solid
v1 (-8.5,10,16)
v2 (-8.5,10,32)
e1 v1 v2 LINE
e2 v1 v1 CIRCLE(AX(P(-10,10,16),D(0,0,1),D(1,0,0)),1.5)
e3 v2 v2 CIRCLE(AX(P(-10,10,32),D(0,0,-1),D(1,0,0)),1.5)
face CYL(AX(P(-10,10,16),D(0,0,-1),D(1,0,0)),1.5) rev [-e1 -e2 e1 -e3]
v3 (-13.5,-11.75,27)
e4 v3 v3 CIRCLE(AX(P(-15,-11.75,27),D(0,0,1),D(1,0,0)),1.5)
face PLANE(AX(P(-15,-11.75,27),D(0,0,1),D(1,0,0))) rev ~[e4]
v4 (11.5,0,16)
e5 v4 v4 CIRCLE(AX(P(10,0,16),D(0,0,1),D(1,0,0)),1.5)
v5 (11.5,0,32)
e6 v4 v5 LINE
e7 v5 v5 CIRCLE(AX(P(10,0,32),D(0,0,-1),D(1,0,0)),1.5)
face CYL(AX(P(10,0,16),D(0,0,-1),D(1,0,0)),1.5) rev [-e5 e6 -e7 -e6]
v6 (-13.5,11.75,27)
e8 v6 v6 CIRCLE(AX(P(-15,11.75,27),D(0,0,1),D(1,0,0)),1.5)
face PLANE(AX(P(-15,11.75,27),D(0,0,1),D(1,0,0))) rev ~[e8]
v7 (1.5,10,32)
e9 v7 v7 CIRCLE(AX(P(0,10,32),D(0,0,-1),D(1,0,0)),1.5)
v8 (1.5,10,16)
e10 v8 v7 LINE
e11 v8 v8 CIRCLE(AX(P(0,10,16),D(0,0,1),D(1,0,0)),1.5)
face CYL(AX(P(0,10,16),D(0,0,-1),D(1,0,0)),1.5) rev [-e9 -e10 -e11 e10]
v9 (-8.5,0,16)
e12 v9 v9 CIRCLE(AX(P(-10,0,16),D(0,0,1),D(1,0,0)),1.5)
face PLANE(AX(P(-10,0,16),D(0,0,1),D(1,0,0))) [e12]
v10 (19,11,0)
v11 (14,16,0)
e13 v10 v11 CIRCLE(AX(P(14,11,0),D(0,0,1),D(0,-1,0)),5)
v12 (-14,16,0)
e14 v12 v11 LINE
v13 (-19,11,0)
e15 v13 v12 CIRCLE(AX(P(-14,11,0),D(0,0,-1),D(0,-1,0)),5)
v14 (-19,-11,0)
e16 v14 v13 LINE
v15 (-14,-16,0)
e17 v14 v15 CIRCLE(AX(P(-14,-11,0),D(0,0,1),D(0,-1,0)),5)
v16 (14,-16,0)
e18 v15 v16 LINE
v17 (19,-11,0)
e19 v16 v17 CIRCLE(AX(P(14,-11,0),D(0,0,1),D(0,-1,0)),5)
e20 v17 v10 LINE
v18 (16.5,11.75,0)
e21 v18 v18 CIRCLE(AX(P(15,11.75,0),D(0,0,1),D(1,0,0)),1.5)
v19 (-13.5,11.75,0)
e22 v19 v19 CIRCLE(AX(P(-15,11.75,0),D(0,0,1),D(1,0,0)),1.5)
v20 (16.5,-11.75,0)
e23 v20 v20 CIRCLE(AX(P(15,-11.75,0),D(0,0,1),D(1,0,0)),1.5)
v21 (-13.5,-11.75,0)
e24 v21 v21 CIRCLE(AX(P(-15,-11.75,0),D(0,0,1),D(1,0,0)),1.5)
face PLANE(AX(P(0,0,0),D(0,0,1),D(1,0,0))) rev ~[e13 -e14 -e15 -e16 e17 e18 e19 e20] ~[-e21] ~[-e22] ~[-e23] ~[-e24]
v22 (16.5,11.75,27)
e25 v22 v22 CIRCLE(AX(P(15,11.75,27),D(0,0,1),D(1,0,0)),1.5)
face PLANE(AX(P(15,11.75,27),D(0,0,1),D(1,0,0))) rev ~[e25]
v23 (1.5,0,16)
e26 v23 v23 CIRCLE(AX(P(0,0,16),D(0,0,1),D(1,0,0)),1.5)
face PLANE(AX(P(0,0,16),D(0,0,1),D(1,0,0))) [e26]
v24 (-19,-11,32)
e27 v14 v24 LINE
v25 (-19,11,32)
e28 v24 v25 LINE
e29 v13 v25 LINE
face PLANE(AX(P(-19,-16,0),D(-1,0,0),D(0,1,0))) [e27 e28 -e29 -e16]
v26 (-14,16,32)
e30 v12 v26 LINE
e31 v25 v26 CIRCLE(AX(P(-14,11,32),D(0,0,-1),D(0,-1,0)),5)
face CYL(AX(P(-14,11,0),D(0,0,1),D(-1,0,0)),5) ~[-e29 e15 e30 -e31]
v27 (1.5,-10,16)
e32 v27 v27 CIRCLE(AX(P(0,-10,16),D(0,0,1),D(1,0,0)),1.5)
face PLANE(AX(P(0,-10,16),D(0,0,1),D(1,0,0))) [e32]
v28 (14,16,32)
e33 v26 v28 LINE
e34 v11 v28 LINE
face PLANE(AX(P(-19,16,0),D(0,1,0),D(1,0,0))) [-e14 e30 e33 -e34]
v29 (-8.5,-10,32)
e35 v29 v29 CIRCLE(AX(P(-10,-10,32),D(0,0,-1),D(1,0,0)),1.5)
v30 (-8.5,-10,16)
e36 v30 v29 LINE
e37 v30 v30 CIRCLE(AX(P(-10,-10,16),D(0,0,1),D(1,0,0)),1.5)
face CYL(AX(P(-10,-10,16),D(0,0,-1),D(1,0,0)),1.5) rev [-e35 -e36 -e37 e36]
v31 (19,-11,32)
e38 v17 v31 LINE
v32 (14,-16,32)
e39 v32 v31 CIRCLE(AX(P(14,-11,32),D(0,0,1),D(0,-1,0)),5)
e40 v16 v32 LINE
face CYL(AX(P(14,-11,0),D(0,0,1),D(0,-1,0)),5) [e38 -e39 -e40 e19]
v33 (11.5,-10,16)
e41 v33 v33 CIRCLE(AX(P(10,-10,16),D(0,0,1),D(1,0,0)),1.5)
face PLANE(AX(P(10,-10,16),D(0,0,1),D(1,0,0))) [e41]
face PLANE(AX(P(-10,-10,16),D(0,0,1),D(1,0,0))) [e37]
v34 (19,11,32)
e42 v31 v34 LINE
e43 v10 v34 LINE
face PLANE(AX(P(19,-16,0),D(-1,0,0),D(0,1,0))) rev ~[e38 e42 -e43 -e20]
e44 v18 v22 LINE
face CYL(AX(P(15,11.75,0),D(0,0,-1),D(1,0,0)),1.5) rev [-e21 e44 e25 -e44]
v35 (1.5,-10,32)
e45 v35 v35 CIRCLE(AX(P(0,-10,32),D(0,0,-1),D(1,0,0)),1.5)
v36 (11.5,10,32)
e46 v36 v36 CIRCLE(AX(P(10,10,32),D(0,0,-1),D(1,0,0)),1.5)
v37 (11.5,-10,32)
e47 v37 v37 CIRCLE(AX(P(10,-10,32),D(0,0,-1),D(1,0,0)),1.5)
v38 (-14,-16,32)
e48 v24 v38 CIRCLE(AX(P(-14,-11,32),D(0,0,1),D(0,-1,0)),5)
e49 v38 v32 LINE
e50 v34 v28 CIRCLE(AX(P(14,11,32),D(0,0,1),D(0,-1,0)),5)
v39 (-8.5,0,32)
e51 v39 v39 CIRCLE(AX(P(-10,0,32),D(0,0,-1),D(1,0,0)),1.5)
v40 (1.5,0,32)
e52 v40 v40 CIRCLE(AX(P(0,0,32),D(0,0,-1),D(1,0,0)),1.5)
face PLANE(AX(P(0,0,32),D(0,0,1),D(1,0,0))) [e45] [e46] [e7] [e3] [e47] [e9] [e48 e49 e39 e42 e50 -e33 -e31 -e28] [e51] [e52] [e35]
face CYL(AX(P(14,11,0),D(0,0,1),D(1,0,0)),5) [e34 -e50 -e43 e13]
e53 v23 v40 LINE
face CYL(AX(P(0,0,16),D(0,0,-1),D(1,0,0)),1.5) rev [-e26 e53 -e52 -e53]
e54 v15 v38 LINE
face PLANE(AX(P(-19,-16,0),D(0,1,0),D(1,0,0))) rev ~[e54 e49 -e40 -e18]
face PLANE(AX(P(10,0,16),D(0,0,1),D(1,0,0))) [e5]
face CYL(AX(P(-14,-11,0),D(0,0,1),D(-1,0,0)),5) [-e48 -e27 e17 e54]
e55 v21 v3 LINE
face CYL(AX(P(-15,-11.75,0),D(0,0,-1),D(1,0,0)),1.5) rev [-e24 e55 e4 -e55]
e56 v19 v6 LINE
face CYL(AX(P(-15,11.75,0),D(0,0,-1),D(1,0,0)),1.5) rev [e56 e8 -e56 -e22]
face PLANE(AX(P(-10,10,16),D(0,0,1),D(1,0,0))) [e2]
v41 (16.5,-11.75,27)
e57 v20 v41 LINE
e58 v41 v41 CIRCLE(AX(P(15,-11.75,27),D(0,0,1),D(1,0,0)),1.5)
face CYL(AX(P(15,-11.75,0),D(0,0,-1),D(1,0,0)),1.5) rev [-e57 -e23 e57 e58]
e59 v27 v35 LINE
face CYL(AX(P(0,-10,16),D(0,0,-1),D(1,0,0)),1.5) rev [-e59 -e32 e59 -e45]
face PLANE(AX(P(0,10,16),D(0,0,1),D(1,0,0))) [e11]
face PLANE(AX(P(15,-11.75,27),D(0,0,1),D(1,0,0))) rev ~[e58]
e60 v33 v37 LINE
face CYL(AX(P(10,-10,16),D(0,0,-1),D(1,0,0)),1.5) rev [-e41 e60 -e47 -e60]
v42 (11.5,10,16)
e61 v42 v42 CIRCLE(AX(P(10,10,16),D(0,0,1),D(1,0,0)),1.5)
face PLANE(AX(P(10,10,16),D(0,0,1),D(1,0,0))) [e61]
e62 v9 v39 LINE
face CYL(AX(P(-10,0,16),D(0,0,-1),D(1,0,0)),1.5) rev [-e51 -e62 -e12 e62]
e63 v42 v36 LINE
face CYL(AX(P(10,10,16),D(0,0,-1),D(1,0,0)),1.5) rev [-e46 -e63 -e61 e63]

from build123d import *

# Parameters (mm, degrees)
CYLINDER011_R     = 1.5
CYLINDER011_DEPTH = 27
ARRAY004_X_COUNT  = 2
ARRAY004_X_PITCH  = 30
ARRAY004_Y_COUNT  = 2
ARRAY004_Y_PITCH  = 23.5
ARRAY003_X_COUNT  = 3
ARRAY003_X_PITCH  = 10
ARRAY003_Y_COUNT  = 3
ARRAY003_Y_PITCH  = 10
BOX008_W          = 38
BOX008_H          = 32
BOX008_DEPTH      = 32
FILLET005_R       = 5


with BuildPart() as coaster_screw_hole:
    # Cylinder011 → Cylinder011 (new body)
    with BuildSketch(Plane.XY):
        Circle(CYLINDER011_R)
    extrude(amount=CYLINDER011_DEPTH)


with BuildPart() as coaster_holder_bottom_hole_array:
    # Array004 base: copy of coaster screw hole
    add(coaster_screw_hole.part)

    # Array004 X: coaster holder bottom hole array ×2


with BuildPart() as coaster_holder_bottom_hole_array_1:
    add(coaster_holder_bottom_hole_array.part)
    with Locations(*[(i * ARRAY004_X_PITCH, 0, 0) for i in range(1, ARRAY004_X_COUNT)]):
        add(coaster_holder_bottom_hole_array.part)

    # Array004 Y: coaster holder bottom hole array ×2


with BuildPart() as coaster_holder_bottom_hole_array_2:
    add(coaster_holder_bottom_hole_array_1.part)
    with Locations(*[(0, i * ARRAY004_Y_PITCH, 0) for i in range(1, ARRAY004_Y_COUNT)]):
        add(coaster_holder_bottom_hole_array_1.part)


with BuildPart() as coaster_holder_bottom_hole_array_3:
    # Array004 placement: moved
    add(coaster_holder_bottom_hole_array_2.part.moved(Location((-15, -11.75, 0))))


with BuildPart() as coaster_hole_fusion:
    # Array003 base: copy of coaster screw hole
    add(coaster_screw_hole.part)

    # Array003 X: coaster hole fusion ×3


with BuildPart() as coaster_hole_fusion_1:
    add(coaster_hole_fusion.part)
    with Locations(*[(i * ARRAY003_X_PITCH, 0, 0) for i in range(1, ARRAY003_X_COUNT)]):
        add(coaster_hole_fusion.part)

    # Array003 Y: coaster hole fusion ×3


with BuildPart() as coaster_hole_fusion_2:
    add(coaster_hole_fusion_1.part)
    with Locations(*[(0, i * ARRAY003_Y_PITCH, 0) for i in range(1, ARRAY003_Y_COUNT)]):
        add(coaster_hole_fusion_1.part)


with BuildPart() as coaster_hole_fusion_3:
    # Array003 placement: moved
    add(coaster_hole_fusion_2.part.moved(Location((-10, -10, 16))))

    # Fusion011: union coaster holder bottom hole array
    add(coaster_holder_bottom_hole_array_3.part)


with BuildPart() as coaster_holder_cut:
    # Box008 → Box008 (new body)
    with BuildSketch(Plane(origin=(-19, -16, 0), x_dir=(1, 0, 0), z_dir=(0, 0, 1))):
        with Locations((19, 16)):
            Rectangle(BOX008_W, BOX008_H)
    extrude(amount=BOX008_DEPTH)

    # Fillet005
    fillet005_edges = [coaster_holder_cut.edges().sort_by_distance(p)[0] for p in [
        (-19, -16, 16),
        (-19, 16, 16),
        (19, -16, 16),
        (19, 16, 16),
    ]]
    fillet(fillet005_edges, radius=FILLET005_R)

    # Cut004004: cut coaster hole fusion
    add(coaster_hole_fusion_3.part, mode=Mode.SUBTRACT)


solid = coaster_holder_cut.part
